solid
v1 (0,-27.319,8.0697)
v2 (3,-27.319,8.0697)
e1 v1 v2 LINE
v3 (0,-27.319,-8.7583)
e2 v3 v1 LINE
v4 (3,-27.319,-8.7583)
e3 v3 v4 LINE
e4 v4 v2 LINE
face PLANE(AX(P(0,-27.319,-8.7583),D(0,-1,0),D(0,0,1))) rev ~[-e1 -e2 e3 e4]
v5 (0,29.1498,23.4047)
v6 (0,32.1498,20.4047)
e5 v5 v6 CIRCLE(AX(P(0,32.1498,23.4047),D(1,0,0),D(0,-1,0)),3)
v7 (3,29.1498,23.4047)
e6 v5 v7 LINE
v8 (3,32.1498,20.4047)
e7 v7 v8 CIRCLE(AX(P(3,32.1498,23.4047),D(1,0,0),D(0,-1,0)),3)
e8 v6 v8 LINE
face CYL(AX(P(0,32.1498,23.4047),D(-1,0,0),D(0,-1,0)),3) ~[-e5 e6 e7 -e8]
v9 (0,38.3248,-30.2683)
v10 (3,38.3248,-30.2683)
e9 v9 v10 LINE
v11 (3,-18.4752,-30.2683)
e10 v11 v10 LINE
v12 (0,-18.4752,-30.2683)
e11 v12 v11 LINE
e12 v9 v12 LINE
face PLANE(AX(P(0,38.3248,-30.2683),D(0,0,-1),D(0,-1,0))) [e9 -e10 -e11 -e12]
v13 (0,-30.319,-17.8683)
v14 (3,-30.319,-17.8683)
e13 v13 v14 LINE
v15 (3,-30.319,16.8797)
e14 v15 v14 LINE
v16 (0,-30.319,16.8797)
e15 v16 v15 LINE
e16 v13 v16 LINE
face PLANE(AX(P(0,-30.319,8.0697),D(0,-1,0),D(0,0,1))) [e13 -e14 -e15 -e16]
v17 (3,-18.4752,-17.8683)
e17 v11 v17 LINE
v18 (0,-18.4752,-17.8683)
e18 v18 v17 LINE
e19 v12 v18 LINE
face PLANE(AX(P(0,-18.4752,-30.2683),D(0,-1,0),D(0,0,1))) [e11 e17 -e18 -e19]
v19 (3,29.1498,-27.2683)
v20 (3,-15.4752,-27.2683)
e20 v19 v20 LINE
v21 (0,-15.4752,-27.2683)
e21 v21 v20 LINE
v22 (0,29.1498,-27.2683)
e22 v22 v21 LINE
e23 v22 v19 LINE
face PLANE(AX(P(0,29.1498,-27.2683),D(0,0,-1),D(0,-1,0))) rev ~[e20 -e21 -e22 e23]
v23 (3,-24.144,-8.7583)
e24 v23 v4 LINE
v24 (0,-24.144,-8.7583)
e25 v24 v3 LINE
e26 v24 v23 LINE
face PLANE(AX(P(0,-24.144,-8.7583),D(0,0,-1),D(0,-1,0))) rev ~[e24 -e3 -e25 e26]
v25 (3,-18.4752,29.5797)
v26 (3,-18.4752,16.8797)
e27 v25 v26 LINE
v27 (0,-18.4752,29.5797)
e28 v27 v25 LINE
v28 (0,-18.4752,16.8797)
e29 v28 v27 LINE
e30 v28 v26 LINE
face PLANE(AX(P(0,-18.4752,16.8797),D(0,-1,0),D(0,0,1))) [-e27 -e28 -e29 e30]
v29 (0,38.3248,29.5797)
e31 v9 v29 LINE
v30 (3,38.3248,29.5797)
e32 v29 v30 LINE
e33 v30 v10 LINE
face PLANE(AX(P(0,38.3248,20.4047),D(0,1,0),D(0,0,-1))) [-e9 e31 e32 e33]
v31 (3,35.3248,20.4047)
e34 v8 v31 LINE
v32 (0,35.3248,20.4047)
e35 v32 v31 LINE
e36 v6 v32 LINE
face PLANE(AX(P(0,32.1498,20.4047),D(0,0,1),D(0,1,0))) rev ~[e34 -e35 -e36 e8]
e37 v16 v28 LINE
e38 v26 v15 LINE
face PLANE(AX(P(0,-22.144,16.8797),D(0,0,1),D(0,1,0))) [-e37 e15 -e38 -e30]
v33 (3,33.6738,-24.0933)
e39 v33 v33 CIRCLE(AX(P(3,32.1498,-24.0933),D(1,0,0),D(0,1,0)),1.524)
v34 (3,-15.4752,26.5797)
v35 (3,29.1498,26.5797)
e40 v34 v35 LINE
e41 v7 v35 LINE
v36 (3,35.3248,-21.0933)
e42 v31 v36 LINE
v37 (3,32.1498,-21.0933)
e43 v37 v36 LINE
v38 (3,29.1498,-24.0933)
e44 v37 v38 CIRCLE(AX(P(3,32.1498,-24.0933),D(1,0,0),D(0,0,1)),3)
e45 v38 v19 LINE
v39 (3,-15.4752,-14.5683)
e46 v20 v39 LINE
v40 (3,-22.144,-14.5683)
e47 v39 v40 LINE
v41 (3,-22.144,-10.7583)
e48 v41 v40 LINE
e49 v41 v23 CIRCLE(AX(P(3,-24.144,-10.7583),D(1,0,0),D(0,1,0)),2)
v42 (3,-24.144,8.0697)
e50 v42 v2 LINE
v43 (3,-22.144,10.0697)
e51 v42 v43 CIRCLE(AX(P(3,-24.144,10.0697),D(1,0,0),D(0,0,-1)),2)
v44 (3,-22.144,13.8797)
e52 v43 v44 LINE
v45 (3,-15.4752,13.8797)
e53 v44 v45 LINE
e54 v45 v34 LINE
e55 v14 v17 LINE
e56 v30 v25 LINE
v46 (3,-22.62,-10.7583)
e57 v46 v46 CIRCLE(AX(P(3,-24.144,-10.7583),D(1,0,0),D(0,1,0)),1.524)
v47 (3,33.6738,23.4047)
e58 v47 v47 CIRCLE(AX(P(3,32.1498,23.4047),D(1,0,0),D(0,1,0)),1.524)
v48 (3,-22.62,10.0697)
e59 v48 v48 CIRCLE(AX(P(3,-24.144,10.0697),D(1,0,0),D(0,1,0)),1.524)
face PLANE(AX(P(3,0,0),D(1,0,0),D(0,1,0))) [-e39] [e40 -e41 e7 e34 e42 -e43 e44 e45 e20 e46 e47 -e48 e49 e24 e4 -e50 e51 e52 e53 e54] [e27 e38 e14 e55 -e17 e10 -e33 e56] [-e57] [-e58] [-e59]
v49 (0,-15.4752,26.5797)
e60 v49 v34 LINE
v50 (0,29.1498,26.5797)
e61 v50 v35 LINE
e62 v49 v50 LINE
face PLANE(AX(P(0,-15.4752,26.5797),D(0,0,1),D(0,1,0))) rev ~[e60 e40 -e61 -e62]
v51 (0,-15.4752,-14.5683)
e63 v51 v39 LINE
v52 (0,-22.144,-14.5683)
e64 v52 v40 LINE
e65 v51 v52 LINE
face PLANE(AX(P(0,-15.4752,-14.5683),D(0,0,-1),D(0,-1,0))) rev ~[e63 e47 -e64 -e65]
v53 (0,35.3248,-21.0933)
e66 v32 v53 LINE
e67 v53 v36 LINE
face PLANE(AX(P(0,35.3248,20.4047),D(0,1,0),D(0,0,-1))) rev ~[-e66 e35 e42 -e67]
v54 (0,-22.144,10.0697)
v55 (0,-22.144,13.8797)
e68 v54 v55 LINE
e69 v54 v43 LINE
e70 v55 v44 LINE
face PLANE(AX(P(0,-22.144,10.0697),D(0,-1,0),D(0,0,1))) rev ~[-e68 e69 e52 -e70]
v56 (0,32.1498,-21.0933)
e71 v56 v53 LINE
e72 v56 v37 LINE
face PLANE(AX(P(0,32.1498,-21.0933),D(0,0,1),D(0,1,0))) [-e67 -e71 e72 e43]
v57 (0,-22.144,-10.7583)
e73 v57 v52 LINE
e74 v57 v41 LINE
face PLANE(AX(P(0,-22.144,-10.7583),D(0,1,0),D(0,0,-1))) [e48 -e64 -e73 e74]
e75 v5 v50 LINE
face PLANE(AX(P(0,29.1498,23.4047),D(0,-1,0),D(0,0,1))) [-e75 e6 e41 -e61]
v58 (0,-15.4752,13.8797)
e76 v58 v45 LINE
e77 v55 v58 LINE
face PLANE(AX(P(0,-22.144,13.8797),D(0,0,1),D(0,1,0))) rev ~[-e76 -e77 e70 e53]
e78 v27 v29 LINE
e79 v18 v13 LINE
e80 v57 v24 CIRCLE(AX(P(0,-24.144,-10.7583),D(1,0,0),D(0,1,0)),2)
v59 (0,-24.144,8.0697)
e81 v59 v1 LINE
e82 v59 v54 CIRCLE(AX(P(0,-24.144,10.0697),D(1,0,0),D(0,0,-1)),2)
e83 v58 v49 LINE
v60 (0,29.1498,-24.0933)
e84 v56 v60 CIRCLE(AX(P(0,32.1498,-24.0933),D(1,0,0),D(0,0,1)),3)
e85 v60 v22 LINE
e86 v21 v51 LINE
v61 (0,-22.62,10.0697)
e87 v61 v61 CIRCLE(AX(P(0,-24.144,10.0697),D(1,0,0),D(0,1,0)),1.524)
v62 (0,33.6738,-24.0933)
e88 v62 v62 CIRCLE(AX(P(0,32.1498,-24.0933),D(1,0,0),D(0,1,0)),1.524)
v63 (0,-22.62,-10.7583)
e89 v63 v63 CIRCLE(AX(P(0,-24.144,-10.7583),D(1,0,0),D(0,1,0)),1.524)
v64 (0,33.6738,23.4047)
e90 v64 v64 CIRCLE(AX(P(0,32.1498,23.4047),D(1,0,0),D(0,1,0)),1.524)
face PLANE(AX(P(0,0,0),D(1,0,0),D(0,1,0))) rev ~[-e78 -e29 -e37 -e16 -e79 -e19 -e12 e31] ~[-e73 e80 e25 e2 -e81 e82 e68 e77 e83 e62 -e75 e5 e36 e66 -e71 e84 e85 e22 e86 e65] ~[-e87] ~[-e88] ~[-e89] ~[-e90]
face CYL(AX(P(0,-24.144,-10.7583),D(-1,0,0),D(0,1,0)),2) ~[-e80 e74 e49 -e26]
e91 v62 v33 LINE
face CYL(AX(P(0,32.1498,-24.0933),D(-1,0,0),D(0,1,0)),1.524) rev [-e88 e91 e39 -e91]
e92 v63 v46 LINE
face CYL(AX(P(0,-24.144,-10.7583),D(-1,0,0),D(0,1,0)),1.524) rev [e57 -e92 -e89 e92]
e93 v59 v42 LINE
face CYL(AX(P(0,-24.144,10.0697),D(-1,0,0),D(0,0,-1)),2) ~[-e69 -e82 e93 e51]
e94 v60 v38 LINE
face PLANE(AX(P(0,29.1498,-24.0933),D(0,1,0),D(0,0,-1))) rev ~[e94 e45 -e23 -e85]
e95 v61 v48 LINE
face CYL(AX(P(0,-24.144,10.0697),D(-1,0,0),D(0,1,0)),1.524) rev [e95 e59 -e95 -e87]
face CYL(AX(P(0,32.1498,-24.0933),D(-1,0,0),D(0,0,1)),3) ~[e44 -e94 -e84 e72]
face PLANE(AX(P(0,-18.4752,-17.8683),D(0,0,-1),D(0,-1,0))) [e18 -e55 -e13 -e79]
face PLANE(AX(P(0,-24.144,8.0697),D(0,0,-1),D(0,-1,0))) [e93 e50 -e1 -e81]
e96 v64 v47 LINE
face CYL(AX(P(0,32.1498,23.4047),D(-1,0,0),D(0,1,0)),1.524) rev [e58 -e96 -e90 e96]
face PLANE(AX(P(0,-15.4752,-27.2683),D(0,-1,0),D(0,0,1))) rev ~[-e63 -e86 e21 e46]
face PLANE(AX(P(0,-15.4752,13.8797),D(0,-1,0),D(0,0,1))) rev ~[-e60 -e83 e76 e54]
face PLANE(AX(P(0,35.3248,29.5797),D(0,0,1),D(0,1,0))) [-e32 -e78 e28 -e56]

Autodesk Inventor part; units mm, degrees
ref_plane "YZ Plane" through (0, 0, 0) normal (1, 0, 0) x (0, 1, 0)
ref_plane "XZ Plane" through (0, 0, 0) normal (0, 1, 0) x (-1, 0, 0)
ref_plane "XY Plane" through (0, 0, 0) normal (0, 0, 1) x (1, 0, 0)
sketch "Sketch1" plane through (0, 0, 0) normal (1, 0, 0) x (0, 1, 0)
  line L0 (35.3248, 20.4047) -> (35.3248, -21.0933)
  line L1 (29.1498, -27.2683) -> (-15.4752, -27.2683)
  line L2 (-15.4752, -27.2683) -> (-15.4752, -14.5683)
  line L3 (-15.4752, -14.5683) -> (-22.144, -14.5683)
  line L4 (-27.319, -8.7583) -> (-27.319, 8.0697)
  line L5 (-22.144, 13.8797) -> (-15.4752, 13.8797)
  line L6 (-15.4752, 13.8797) -> (-15.4752, 26.5797)
  line L7 (-15.4752, 26.5797) -> (29.1498, 26.5797)
  circle A0 centre (32.1498, 23.4047) radius 1.524
  circle A1 centre (32.1498, -24.0933) radius 1.524
  circle A2 centre (-24.144, -10.7583) radius 1.524
  circle A3 centre (-24.144, 10.0697) radius 1.524
  arc A4 (32.1498, -21.0933) -> (29.1498, -24.0933) centre (32.1498, -24.0933) ccw
  line L8 (29.1498, -24.0933) -> (29.1498, -27.2683)
  line L9 (32.1498, -21.0933) -> (35.3248, -21.0933)
  line L10 (38.3248, -21.0933) -> (38.3248, -27.2683)
  line L11 (38.3248, -27.2683) -> (38.3248, -30.2683)
  line L12 (38.3248, -30.2683) -> (-15.4752, -30.2683)
  line L13 (-15.4752, -30.2683) -> (-18.4752, -30.2683)
  line L14 (-18.4752, -30.2683) -> (-18.4752, -17.8683)
  line L15 (-18.4752, -17.8683) -> (-27.319, -17.8683)
  line L16 (-27.319, -17.8683) -> (-30.319, -17.8683)
  line L17 (-30.319, -17.8683) -> (-30.319, 13.8797)
  line L18 (-30.319, 13.8797) -> (-30.319, 16.8797)
  line L19 (-30.319, 16.8797) -> (-18.4752, 16.8797)
  line L20 (-18.4752, 16.8797) -> (-18.4752, 26.5797)
  line L21 (-18.4752, 26.5797) -> (-18.4752, 29.5797)
  line L22 (-18.4752, 29.5797) -> (35.3248, 29.5797)
  line L23 (35.3248, 29.5797) -> (38.3248, 29.5797)
  line L24 (38.3248, 29.5797) -> (38.3248, -21.0933)
  line L25 (32.1498, 20.4047) -> (38.3248, 20.4047)
  line L26 (29.1498, 23.4047) -> (29.1498, 29.5797)
  arc A5 (29.1498, 23.4047) -> (32.1498, 20.4047) centre (32.1498, 23.4047) ccw
  line L27 (-24.144, 8.0697) -> (-30.319, 8.0697)
  line L28 (-22.144, 10.0697) -> (-22.144, 16.8797)
  arc A6 (-24.144, 8.0697) -> (-22.144, 10.0697) centre (-24.144, 10.0697) ccw
  line L29 (-24.144, -10.7583) -> (-22.144, -10.7583) construction
  line L30 (-24.144, -8.7583) -> (-30.319, -8.7583)
  line L31 (-22.144, -10.7583) -> (-22.144, -17.8683)
  arc A7 (-22.144, -10.7583) -> (-24.144, -8.7583) centre (-24.144, -10.7583) ccw
  line L32 (35.3248, -21.0933) -> (38.3248, -21.0933)
  line L33 (29.1498, -27.2683) -> (29.1498, -30.2683)
  point P0 (0, 0)
  point P1 (0, 0)
extrude "Extrusion1" add sketch "Sketch1" along normal blind 3 contours L25 L24 L32 L0 | L25 A5 L26 L22 L23 L24 | L32 L10 L11 L12 L33 L8 A4 L9 | L7 L6 L5 L28 L19 L20 L21 L22 L26 | L33 L12 L13 L14 L15 L31 L3 L2 L1 | L28 A6 L27 L17 L18 L19 | L31 L15 L16 L17 L30 A7 | L4 L30 L17 L27
properties part number "pixy mount front"
